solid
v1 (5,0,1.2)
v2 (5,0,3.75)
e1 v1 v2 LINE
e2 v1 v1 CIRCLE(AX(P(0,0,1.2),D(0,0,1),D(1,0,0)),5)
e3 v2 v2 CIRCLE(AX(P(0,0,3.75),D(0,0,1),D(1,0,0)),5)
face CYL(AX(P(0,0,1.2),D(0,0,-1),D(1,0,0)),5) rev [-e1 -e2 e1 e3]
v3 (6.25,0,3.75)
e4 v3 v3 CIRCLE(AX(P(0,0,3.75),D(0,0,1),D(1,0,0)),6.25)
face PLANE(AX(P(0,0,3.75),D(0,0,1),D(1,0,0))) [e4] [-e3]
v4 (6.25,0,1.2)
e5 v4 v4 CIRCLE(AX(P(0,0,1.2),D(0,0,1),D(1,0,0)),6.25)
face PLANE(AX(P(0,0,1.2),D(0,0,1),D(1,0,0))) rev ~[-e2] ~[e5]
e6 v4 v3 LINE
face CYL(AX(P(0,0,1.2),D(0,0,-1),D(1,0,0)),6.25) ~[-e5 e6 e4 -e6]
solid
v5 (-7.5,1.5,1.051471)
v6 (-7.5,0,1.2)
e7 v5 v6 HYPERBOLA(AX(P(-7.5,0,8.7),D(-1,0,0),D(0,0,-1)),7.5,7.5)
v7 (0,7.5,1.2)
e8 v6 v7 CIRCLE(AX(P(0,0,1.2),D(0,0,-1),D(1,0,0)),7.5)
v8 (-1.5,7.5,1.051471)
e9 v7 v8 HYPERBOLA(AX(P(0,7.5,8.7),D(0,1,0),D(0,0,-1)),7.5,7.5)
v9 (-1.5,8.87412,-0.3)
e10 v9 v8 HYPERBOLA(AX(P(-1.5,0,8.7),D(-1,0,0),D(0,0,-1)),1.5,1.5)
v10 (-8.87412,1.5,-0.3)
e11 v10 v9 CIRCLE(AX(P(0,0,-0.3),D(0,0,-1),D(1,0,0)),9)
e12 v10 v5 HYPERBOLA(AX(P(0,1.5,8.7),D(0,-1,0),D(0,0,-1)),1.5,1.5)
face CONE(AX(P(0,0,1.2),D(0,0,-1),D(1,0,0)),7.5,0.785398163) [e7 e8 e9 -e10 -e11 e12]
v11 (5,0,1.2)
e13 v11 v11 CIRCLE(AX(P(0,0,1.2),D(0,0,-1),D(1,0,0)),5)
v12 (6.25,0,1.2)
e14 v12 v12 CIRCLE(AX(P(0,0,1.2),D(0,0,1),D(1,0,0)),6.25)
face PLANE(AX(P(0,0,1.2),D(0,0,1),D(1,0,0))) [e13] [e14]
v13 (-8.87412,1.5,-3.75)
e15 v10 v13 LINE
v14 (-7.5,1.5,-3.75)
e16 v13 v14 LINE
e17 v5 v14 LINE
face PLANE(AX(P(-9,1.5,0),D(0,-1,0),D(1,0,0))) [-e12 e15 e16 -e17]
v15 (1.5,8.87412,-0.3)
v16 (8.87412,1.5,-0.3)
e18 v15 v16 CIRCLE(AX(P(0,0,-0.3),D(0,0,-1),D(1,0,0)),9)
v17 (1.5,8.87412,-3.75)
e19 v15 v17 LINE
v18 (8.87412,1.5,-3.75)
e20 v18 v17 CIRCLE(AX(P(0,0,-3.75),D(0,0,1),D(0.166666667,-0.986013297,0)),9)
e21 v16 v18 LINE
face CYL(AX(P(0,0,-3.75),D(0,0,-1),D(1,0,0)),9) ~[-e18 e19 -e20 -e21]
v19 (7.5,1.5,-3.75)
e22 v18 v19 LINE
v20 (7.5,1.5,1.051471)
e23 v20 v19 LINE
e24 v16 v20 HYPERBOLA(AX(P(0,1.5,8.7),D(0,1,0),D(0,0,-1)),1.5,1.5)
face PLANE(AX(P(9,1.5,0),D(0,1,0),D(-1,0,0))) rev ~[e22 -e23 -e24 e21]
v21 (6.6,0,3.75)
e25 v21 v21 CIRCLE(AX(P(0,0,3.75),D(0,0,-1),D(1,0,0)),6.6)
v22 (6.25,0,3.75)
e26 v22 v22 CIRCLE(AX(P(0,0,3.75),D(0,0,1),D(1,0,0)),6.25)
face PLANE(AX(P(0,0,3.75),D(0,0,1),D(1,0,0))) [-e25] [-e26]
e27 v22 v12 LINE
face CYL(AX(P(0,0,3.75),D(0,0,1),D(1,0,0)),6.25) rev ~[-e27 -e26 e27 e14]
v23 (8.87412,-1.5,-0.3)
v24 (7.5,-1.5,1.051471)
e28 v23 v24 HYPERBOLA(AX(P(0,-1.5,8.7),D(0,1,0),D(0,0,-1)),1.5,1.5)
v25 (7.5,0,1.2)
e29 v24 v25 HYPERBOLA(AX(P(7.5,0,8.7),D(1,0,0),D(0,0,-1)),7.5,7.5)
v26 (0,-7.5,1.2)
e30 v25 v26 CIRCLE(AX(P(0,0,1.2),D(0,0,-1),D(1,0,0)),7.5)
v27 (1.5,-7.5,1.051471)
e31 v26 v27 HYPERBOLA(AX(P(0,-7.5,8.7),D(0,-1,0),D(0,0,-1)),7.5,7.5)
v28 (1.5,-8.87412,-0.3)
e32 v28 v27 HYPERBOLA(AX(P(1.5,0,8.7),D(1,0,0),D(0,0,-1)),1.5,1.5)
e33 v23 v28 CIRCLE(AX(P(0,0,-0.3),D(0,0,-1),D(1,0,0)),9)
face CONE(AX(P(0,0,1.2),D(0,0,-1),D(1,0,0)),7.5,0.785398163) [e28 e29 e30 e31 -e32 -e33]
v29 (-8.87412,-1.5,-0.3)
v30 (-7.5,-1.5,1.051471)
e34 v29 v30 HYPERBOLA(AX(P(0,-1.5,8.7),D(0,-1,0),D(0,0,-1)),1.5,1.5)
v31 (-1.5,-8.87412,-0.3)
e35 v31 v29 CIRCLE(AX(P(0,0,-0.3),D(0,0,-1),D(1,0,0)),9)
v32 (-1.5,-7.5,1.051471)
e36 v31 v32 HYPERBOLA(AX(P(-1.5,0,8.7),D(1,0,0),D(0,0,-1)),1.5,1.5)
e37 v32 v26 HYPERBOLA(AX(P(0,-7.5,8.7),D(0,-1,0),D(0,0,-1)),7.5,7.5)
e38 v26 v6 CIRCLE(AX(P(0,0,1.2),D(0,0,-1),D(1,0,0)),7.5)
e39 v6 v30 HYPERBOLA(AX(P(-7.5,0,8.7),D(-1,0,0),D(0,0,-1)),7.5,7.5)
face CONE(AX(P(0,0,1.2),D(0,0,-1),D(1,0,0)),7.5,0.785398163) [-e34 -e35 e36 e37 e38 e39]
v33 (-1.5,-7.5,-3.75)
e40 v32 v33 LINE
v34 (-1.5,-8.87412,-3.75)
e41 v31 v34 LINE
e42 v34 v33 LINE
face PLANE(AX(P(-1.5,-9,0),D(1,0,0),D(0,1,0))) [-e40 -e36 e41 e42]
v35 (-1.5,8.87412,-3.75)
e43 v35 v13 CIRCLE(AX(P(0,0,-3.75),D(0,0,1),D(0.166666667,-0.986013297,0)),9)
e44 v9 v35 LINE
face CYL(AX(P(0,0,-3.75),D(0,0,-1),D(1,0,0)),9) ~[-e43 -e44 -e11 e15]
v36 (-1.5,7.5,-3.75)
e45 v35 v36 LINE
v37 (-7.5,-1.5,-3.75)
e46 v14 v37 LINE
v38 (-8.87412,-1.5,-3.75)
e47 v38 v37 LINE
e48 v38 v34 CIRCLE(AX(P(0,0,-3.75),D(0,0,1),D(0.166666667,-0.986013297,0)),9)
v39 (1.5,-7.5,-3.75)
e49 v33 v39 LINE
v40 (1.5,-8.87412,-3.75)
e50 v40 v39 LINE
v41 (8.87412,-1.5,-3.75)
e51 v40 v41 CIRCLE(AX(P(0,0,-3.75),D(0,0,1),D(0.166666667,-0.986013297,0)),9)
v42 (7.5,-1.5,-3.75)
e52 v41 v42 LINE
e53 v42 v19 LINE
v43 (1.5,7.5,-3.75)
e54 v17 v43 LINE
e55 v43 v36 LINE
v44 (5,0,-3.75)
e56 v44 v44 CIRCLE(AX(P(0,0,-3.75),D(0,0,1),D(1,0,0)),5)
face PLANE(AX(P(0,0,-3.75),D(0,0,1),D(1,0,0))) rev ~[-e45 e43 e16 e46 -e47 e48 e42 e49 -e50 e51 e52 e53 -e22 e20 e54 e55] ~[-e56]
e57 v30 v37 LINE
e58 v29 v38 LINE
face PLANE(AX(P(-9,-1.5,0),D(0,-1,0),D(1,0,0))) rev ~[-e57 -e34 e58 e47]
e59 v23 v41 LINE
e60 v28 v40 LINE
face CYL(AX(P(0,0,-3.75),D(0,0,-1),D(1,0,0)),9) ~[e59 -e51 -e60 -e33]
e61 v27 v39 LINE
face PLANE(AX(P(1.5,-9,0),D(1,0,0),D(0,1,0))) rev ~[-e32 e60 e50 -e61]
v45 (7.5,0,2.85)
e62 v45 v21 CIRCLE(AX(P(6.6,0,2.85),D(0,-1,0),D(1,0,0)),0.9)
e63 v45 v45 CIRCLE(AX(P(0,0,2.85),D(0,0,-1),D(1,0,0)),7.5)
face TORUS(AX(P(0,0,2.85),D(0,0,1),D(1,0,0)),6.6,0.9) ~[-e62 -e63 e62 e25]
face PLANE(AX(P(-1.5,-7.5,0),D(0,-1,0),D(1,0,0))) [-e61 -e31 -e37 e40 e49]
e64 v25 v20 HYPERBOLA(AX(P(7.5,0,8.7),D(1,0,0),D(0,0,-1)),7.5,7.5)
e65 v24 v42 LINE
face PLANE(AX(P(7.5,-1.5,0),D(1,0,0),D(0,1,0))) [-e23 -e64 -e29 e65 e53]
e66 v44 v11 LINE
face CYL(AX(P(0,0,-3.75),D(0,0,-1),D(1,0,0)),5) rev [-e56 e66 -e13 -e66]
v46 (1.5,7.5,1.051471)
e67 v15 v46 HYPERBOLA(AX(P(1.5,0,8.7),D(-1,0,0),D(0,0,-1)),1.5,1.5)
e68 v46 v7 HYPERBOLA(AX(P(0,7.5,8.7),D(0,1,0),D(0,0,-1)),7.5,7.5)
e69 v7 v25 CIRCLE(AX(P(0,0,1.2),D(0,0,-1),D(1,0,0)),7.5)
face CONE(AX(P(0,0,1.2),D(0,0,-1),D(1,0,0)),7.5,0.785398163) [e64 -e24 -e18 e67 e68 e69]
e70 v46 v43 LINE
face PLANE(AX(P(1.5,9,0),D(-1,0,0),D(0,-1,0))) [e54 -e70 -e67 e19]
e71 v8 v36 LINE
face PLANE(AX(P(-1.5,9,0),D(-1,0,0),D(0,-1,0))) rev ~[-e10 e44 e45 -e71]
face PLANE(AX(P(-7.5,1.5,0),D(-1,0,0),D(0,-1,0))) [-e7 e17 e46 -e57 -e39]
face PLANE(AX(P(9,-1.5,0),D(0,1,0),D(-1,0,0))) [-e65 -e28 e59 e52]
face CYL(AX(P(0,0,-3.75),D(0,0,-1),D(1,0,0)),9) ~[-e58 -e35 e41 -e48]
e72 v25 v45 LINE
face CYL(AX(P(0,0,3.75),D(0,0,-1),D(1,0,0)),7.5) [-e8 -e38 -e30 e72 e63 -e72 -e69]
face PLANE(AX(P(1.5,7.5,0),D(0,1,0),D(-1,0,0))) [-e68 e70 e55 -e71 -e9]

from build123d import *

# Parameters (mm, degrees)
BOSS_EXTRUDE1_DEPTH      = 3.75
BOSS_EXTRUDE1_DEPTH_BACK = 3.75
SKETCH4_R                = 9
SKETCH4_R_2              = 5
SKETCH5_R                = 9
SKETCH5_R_2              = 7.5
CUT_EXTRUDE1_DEPTH       = 0.5
SKETCH16_W               = 3
SKETCH16_H               = 1.5
CUT_EXTRUDE7_DEPTH       = 14.26885451
CIRPATTERN1_COUNT        = 4
FILLET1_R                = 0.9
SKETCH19_R               = 6.25
CUT_EXTRUDE8_DEPTH       = 2.55
SKETCH20_R               = 6.25
SKETCH20_R_2             = 5
BOSS_EXTRUDE2_DEPTH      = 2.55


with BuildPart() as part:
    # Sketch4 → Boss-Extrude1 (new, two sides: drawn at the far end of the back side and taken through both)
    with BuildSketch(Plane.XY.offset(-BOSS_EXTRUDE1_DEPTH_BACK)):
        Circle(SKETCH4_R)
        Circle(SKETCH4_R_2, mode=Mode.SUBTRACT)
    extrude(amount=BOSS_EXTRUDE1_DEPTH + BOSS_EXTRUDE1_DEPTH_BACK)

    # Sketch5 → Cut-Extrude1 (cut)
    with BuildSketch(Plane.XY.offset(3.75)):
        Circle(SKETCH5_R)
        Circle(SKETCH5_R_2, mode=Mode.SUBTRACT)
    extrude(amount=-CUT_EXTRUDE1_DEPTH, mode=Mode.SUBTRACT)

    # Sketch16 → Cut-Extrude7 (cut, symmetric)
    with BuildSketch(Plane.XY):
        with Locations((0, -8.25)):
            Rectangle(SKETCH16_W, SKETCH16_H)
    cut_extrude7 = extrude(amount=CUT_EXTRUDE7_DEPTH, both=True, mode=Mode.SUBTRACT)

    # CirPattern1: Cut-Extrude7 ×4 about axis
    cirpattern1_axis = Axis((0, 0, 0), (0, 0, 1))
    for i in range(1, CIRPATTERN1_COUNT):
        add(cut_extrude7.rotate(cirpattern1_axis, i * 360 / CIRPATTERN1_COUNT), mode=Mode.SUBTRACT)

    # Sketch18 → Cut-Revolve1 (revolve, cut)
    with BuildSketch(Plane(origin=(0, 0, 0), x_dir=(0, 0, -1), z_dir=(1, 0, 0)), mode=Mode.PRIVATE) as cut_revolve1_sk:
        Polygon((-1.2, 7.5), (0.3, 9), (-3.75, 9), (-3.75, 7.5), align=None)
    revolve(cut_revolve1_sk.sketch.rotate(Axis((0, 0, 3.75), (0, 0, -1)), 90), axis=Axis((0, 0, 3.75), (0, 0, -1)), mode=Mode.SUBTRACT)

    # Fillet1
    fillet1_edges = [part.edges().sort_by_distance(p)[0] for p in [
        (-7.5, 0, 3.75),
    ]]
    fillet(fillet1_edges, radius=FILLET1_R)

    # Sketch19 → Cut-Extrude8 (cut)
    with BuildSketch(Plane.XY.offset(3.75)):
        Circle(SKETCH19_R)
    extrude(amount=-CUT_EXTRUDE8_DEPTH, mode=Mode.SUBTRACT)


with BuildPart() as body_2:
    # Sketch20 → Boss-Extrude2 (new body)
    with BuildSketch(Plane.XY.offset(1.2)):
        Circle(SKETCH20_R)
        Circle(SKETCH20_R_2, mode=Mode.SUBTRACT)
    extrude(amount=BOSS_EXTRUDE2_DEPTH)


solid = Compound([part.part, body_2.part])
